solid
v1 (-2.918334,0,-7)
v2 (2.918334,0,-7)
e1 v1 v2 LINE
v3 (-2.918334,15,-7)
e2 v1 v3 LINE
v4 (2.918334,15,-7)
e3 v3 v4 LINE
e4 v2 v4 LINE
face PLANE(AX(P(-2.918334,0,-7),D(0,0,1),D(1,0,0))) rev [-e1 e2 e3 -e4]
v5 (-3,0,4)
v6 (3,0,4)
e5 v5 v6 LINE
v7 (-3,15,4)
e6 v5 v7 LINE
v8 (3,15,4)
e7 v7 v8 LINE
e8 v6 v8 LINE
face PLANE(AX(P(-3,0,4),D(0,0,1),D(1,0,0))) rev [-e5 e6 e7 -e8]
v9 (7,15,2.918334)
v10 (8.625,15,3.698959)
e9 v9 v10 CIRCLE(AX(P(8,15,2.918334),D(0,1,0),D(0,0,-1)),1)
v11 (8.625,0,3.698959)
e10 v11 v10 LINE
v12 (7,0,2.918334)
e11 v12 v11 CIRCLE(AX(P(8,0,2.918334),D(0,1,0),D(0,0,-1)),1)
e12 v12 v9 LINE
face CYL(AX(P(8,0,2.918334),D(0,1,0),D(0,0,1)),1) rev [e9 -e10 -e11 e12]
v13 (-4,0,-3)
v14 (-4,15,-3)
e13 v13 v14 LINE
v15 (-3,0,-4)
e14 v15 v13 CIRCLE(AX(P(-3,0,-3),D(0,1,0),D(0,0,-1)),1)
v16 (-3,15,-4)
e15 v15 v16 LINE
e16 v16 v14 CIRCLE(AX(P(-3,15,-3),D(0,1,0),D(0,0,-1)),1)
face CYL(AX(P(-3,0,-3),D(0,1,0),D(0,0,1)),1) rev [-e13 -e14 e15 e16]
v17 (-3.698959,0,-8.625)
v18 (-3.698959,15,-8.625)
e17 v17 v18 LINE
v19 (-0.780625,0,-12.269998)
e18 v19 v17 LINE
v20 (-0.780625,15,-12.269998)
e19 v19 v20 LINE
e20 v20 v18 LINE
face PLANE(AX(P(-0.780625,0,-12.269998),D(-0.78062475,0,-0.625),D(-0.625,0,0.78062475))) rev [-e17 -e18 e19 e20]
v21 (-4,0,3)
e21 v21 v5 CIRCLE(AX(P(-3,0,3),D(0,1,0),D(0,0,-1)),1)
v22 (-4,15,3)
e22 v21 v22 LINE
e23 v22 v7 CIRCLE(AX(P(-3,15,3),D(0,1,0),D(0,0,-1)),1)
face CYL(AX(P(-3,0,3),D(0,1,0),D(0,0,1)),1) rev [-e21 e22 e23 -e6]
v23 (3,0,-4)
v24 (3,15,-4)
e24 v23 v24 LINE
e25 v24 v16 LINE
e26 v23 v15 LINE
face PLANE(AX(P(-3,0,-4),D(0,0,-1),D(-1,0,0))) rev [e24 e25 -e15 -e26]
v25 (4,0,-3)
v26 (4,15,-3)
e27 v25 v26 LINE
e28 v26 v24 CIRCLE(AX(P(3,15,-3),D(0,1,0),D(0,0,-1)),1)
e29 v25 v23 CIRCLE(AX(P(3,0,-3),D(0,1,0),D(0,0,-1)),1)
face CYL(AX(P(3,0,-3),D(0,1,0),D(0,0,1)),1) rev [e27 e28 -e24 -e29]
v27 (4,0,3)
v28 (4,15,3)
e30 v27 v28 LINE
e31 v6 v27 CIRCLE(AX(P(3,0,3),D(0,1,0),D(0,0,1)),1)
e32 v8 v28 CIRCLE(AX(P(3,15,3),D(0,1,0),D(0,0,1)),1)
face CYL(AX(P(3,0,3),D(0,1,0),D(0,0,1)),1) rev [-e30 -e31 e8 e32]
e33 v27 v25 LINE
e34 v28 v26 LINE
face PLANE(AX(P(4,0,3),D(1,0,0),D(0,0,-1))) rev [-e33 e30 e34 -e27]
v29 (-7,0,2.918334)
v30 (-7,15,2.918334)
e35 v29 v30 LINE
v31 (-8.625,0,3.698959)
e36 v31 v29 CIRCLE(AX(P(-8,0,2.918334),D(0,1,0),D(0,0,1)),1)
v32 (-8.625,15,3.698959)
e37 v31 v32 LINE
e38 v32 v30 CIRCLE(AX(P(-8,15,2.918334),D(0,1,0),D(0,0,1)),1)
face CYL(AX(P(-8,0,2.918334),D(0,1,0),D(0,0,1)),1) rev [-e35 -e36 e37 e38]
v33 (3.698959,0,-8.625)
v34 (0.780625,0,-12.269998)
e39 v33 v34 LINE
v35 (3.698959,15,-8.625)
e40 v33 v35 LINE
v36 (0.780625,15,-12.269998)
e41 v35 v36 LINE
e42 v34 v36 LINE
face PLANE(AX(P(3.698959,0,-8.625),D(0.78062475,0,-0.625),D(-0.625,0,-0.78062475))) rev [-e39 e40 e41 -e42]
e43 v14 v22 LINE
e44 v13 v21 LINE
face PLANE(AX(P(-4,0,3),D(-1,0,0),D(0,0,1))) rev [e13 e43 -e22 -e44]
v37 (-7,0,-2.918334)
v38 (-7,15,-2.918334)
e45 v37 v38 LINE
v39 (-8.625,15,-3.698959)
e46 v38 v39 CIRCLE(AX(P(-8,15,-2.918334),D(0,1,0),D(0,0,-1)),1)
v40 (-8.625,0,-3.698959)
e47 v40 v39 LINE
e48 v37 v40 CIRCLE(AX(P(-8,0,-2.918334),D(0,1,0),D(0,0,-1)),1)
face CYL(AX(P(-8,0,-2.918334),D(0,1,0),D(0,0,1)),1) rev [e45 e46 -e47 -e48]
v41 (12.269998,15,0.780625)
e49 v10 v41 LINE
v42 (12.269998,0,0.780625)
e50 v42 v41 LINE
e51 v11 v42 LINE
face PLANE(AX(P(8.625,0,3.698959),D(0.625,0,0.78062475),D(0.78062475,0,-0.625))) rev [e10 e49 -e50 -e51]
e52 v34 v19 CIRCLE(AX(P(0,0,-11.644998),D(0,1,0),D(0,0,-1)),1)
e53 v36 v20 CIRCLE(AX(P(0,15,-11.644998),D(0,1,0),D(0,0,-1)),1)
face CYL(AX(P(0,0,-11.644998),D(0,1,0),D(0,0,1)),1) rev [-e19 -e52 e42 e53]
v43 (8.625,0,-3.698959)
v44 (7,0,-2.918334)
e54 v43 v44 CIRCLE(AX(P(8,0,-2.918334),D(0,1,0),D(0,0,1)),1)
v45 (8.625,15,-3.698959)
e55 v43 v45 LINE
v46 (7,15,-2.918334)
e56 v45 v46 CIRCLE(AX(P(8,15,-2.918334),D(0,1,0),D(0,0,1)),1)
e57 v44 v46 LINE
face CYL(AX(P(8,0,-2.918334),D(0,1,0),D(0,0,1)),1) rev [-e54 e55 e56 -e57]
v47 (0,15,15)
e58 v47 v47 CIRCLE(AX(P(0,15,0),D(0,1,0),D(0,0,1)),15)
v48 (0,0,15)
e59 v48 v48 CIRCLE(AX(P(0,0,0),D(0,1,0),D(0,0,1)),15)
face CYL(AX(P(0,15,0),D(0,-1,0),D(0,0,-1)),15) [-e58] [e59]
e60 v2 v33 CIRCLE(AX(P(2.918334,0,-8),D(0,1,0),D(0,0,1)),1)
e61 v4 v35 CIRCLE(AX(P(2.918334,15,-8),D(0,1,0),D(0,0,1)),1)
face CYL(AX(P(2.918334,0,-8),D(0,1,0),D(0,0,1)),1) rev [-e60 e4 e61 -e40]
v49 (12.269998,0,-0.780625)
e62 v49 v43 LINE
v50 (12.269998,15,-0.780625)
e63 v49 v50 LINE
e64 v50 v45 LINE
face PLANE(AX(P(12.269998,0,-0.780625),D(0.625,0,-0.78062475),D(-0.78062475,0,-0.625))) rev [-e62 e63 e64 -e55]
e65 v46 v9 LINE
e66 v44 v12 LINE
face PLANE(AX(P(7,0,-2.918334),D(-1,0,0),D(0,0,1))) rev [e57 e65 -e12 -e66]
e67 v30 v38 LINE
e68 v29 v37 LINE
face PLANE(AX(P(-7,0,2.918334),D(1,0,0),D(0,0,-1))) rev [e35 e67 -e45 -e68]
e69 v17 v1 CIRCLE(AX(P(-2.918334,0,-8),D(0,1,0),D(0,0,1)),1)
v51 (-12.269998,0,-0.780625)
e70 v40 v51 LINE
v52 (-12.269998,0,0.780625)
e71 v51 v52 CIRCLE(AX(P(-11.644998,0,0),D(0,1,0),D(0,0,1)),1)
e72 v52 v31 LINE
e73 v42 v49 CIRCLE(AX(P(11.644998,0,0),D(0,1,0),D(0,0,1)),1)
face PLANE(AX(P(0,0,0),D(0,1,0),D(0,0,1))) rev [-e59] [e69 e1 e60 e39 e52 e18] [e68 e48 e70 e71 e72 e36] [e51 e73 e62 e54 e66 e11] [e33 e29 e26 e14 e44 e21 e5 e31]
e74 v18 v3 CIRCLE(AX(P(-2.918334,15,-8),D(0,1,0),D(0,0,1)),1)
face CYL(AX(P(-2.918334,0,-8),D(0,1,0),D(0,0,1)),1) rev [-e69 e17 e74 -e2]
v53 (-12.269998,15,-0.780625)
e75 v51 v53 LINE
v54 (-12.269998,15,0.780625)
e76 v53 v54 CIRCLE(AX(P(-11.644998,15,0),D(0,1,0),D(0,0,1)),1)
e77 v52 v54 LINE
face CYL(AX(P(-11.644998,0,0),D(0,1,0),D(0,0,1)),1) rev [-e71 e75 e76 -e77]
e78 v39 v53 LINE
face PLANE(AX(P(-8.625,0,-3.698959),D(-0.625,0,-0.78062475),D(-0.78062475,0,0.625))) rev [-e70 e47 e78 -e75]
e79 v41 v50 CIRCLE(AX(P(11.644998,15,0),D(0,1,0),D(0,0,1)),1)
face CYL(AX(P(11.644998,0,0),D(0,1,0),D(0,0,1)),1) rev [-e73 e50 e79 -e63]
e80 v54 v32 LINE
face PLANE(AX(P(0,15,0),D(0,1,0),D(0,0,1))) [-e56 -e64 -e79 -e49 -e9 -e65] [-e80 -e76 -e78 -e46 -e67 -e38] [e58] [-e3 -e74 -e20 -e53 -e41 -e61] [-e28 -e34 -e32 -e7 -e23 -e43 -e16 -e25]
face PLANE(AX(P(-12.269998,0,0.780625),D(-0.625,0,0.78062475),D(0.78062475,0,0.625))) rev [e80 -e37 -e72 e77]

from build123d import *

# Parameters (mm, degrees)
SKETCH1_R           = 15
BOSS_EXTRUDE1_DEPTH = 15
CUT_EXTRUDE1_DEPTH  = 15


with BuildPart() as part:
    # Sketch1 → Boss-Extrude1 (new body)
    with BuildSketch(Plane(origin=(0, 0, 0), x_dir=(1, 0, 0), z_dir=(0, 1, 0))):
        with Locations(Location((0, 0, 0), (0, 0, 270))):
            Circle(SKETCH1_R)
    extrude(amount=BOSS_EXTRUDE1_DEPTH)

    # Sketch2 → Cut-Extrude1 (cut)
    with BuildSketch(Plane(origin=(0, 15, 0), x_dir=(1, 0, 0), z_dir=(0, 1, 0))):
        with BuildLine():
            Line((-0.78062475, 12.269997998), (-3.69895875, 8.625))
            ThreePointArc((-3.69895875, 8.625), (-3.819721819, 7.566987298), (-2.918334001, 7))
            Line((-2.918334001, 7), (2.918334001, 7))
            ThreePointArc((2.918334001, 7), (3.819721819, 7.566987298), (3.69895875, 8.625))
            Line((3.69895875, 8.625), (0.78062475, 12.269997998))
            ThreePointArc((0.78062475, 12.269997998), (0, 12.644997998), (-0.78062475, 12.269997998))
        make_face()
        with BuildLine():
            Line((8.625, -3.69895875), (12.269997998, -0.78062475))
            ThreePointArc((12.269997998, -0.78062475), (12.644997998, 0), (12.269997998, 0.78062475))
            Line((12.269997998, 0.78062475), (8.625, 3.69895875))
            ThreePointArc((8.625, 3.69895875), (7.566987298, 3.819721819), (7, 2.918334001))
            Line((7, 2.918334001), (7, -2.918334001))
            ThreePointArc((7, -2.918334001), (7.566987298, -3.819721819), (8.625, -3.69895875))
        make_face()
        with BuildLine():
            Line((-3, -4), (3, -4))
            ThreePointArc((3, -4), (3.707106781, -3.707106781), (4, -3))
            Line((4, -3), (4, 3))
            ThreePointArc((4, 3), (3.707106781, 3.707106781), (3, 4))
            Line((3, 4), (-3, 4))
            ThreePointArc((-3, 4), (-3.707106781, 3.707106781), (-4, 3))
            Line((-4, 3), (-4, -3))
            ThreePointArc((-4, -3), (-3.707106781, -3.707106781), (-3, -4))
        make_face()
        with BuildLine():
            Line((-8.625, 3.69895875), (-12.269997998, 0.78062475))
            ThreePointArc((-12.269997998, 0.78062475), (-12.644997998, 0), (-12.269997998, -0.78062475))
            Line((-12.269997998, -0.78062475), (-8.625, -3.69895875))
            ThreePointArc((-8.625, -3.69895875), (-7.566987298, -3.819721819), (-7, -2.918334001))
            Line((-7, -2.918334001), (-7, 2.918334001))
            ThreePointArc((-7, 2.918334001), (-7.566987298, 3.819721819), (-8.625, 3.69895875))
        make_face()
    extrude(amount=-CUT_EXTRUDE1_DEPTH, mode=Mode.SUBTRACT)


solid = part.part
